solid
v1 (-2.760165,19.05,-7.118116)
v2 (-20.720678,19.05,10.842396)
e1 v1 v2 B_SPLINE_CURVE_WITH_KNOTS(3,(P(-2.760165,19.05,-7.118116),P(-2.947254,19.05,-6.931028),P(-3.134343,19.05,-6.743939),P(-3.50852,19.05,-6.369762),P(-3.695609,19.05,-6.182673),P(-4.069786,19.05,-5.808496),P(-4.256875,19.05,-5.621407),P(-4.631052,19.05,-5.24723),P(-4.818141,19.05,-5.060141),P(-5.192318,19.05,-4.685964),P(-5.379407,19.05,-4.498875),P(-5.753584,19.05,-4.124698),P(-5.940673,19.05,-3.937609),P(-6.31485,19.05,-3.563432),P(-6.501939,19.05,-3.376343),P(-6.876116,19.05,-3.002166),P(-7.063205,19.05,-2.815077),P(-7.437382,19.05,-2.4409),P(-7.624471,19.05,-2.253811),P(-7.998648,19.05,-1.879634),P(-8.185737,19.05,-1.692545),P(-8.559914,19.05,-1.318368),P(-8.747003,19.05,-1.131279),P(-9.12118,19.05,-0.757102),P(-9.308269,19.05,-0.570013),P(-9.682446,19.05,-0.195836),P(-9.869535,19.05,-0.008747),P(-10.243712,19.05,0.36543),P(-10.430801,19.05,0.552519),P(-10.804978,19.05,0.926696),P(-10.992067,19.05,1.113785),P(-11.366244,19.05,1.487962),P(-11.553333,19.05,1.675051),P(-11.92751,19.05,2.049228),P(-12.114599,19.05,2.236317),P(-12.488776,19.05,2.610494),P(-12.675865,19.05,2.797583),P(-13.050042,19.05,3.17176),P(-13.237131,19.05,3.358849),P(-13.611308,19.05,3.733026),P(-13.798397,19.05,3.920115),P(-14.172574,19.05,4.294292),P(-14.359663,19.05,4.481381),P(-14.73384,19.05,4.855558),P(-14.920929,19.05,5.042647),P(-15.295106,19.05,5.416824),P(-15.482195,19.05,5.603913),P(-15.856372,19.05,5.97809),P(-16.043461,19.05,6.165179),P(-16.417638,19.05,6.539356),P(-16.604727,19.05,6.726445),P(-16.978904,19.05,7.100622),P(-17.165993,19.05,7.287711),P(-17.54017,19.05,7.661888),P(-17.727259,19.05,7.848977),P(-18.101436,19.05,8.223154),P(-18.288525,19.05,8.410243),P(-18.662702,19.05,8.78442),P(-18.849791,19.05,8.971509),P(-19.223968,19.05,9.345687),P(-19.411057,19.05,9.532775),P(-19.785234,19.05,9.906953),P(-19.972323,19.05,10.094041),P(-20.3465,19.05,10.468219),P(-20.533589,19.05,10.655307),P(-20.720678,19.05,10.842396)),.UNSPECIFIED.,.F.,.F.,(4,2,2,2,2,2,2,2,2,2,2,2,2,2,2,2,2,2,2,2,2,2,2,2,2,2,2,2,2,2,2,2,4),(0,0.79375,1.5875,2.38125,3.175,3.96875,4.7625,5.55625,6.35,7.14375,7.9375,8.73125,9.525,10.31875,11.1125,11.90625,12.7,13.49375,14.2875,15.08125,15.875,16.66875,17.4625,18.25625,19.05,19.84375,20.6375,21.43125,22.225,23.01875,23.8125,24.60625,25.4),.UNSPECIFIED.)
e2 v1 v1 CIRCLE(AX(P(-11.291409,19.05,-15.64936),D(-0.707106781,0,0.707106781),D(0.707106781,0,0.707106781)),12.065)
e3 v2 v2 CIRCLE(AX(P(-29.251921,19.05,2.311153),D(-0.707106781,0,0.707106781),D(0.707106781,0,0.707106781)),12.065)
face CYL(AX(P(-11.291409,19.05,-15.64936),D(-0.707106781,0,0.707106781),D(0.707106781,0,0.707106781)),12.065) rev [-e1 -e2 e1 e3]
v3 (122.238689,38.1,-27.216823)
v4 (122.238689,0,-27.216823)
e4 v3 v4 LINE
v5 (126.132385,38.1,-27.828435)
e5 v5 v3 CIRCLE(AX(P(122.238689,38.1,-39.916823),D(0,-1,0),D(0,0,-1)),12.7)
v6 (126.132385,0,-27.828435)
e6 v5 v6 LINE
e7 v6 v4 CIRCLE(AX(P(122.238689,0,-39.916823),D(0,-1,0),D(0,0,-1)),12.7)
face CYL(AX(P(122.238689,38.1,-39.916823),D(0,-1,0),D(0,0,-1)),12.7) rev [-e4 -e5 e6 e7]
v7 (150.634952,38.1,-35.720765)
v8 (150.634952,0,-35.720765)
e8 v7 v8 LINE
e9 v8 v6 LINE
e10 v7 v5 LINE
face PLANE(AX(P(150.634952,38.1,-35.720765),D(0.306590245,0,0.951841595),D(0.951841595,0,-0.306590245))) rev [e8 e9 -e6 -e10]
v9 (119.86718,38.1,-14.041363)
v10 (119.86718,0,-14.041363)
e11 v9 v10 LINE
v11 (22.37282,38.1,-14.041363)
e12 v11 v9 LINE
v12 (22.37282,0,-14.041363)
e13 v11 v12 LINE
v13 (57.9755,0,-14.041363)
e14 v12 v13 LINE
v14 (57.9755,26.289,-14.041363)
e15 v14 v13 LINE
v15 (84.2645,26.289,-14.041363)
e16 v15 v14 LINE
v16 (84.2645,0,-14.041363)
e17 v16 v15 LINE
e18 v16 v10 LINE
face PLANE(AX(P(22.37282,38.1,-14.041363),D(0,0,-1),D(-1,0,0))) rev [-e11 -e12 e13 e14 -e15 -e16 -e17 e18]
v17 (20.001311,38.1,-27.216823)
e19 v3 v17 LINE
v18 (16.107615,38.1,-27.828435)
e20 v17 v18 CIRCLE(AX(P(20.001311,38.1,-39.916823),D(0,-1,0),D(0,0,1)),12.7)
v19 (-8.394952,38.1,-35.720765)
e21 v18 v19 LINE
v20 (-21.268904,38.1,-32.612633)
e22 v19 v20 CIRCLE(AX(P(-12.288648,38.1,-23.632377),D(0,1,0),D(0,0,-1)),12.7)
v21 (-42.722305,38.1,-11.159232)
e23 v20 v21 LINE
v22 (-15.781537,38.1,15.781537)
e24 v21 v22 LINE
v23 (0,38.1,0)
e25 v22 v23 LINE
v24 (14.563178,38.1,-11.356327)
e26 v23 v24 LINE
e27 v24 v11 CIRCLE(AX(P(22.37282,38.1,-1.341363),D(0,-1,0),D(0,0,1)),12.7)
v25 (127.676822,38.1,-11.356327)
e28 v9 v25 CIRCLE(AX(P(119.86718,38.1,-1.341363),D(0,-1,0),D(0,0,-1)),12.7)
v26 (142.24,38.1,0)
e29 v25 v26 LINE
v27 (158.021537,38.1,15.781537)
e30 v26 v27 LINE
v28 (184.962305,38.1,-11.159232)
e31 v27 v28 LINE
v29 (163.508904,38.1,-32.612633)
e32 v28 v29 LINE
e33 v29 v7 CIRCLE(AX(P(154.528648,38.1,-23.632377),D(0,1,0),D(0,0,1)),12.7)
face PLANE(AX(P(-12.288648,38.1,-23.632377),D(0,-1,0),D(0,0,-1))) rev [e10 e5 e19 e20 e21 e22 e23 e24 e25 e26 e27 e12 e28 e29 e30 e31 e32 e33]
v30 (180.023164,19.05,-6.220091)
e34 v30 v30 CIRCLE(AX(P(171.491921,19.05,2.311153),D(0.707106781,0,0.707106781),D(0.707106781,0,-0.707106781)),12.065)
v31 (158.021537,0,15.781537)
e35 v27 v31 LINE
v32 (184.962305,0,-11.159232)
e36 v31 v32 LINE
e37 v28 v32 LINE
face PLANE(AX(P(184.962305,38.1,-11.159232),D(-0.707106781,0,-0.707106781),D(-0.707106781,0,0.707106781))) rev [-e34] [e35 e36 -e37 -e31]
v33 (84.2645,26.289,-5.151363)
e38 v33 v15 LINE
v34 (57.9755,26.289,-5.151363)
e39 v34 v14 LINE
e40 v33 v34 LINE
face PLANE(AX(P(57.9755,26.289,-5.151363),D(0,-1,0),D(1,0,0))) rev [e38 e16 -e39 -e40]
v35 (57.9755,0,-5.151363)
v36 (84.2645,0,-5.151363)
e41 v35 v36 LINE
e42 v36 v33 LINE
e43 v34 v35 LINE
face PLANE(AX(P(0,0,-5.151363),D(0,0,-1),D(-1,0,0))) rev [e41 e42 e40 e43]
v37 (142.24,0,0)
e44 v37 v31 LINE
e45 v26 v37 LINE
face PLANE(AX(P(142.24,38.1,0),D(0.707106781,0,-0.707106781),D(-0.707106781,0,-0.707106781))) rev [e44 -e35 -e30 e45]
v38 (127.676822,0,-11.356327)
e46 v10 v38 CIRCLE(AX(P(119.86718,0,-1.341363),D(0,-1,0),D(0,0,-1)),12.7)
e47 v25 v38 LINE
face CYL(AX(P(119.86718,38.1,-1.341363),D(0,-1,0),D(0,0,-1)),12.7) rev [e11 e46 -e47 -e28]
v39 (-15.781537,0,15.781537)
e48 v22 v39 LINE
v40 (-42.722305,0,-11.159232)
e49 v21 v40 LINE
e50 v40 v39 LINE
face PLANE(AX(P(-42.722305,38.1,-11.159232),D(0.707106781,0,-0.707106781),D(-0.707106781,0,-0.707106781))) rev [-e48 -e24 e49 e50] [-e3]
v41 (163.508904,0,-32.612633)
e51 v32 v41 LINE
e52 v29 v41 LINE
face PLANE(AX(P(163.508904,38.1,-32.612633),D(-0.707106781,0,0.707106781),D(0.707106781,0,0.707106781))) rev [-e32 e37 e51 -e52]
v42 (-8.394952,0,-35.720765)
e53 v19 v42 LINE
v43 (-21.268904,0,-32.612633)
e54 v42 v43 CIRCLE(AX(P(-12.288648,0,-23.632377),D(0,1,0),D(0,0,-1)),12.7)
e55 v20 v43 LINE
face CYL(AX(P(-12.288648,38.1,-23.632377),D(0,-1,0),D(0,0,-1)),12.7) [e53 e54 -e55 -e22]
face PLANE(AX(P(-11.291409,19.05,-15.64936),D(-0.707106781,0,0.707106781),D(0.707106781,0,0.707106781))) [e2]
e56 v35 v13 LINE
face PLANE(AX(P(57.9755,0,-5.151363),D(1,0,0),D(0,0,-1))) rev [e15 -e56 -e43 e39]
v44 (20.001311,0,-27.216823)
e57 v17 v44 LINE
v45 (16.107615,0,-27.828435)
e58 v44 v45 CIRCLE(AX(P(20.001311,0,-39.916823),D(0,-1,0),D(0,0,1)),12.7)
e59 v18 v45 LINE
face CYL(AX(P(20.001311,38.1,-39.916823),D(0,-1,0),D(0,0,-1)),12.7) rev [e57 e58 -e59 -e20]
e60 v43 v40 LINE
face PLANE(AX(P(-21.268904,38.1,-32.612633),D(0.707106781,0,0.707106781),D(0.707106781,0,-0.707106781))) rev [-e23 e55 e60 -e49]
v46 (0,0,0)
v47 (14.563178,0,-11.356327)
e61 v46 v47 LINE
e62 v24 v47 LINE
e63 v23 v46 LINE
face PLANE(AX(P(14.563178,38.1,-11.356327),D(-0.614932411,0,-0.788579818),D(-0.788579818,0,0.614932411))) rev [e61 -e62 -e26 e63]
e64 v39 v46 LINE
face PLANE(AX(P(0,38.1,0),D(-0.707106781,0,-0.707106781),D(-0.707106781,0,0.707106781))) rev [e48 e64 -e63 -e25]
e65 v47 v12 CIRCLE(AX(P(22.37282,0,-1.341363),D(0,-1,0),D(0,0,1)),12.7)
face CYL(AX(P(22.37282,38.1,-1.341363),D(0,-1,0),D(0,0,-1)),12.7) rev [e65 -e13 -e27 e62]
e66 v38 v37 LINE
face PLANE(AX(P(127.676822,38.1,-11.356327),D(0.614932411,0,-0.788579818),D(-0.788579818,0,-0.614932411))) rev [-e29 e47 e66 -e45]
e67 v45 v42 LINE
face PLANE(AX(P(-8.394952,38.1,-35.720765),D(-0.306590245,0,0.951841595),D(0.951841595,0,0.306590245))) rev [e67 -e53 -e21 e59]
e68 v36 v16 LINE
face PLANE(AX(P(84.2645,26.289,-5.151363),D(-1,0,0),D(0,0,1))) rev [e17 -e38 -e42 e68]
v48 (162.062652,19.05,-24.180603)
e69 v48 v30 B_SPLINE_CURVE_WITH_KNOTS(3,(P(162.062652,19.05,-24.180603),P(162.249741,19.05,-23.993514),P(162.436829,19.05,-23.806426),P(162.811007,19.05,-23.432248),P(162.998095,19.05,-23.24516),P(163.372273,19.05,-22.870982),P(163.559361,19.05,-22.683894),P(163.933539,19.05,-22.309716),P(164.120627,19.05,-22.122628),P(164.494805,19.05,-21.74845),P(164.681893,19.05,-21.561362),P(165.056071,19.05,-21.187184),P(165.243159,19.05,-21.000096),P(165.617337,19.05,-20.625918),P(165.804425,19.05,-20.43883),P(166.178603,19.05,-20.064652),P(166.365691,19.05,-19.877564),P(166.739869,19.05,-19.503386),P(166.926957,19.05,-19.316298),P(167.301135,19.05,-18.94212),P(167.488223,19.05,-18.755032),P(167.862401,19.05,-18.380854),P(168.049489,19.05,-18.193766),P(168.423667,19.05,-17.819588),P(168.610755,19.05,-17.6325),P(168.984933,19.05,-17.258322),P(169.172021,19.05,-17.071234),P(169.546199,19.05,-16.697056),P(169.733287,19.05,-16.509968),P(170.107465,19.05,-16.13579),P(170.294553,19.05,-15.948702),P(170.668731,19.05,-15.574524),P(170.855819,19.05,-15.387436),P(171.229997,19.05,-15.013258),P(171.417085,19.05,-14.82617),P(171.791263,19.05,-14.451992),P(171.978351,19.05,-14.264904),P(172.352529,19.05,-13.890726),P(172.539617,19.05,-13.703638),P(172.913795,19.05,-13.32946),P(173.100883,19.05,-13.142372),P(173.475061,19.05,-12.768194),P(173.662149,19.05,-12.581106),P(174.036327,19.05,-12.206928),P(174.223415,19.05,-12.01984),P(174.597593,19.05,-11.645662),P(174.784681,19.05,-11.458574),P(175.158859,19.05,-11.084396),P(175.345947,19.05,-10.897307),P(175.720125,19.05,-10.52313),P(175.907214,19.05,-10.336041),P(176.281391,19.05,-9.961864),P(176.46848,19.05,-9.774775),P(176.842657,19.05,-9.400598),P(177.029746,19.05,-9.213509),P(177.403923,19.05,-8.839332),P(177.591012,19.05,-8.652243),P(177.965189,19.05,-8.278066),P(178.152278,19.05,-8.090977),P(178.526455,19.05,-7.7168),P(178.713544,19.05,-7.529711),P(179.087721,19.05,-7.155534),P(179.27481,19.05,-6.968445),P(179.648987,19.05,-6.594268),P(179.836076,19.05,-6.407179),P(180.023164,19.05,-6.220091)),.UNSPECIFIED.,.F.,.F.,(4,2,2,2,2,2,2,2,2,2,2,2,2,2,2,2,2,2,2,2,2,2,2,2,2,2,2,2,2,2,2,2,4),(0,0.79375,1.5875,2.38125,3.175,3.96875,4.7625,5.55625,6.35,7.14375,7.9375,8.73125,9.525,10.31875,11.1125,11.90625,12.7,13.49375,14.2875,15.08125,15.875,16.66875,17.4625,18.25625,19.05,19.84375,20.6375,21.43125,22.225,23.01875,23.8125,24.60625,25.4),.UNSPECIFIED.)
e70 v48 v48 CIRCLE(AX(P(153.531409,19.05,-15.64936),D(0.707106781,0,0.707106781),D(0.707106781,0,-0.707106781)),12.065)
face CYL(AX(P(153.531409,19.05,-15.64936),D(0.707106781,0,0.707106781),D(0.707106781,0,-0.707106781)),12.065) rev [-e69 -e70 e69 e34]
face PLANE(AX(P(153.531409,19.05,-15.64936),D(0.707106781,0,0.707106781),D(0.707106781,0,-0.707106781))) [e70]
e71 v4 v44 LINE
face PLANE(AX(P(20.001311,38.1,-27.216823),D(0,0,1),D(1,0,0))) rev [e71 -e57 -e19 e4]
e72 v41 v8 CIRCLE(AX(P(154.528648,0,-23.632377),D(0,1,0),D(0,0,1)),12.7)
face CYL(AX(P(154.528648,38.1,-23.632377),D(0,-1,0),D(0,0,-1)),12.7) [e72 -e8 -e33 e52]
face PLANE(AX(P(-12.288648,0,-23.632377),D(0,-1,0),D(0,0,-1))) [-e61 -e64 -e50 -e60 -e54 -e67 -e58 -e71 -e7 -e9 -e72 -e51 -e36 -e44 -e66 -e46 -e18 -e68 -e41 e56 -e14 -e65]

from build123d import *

# Parameters (mm, degrees)
BOSS_EXTRUDE1_DEPTH = 38.1
SKETCH2_R           = 12.065
CUT_EXTRUDE1_DEPTH  = 25.4
SKETCH7_R           = 12.065
CUT_EXTRUDE2_DEPTH  = 25.4
SKETCH8_W           = 26.289
SKETCH8_H           = 26.289
BOSS_EXTRUDE2_DEPTH = 8.89


with BuildPart() as part:
    # Sketch1 → Boss-Extrude1 (new body)
    with BuildSketch(Plane(origin=(0, 0, 0), x_dir=(1, 0, 0), z_dir=(0, 1, 0))):
        with BuildLine():
            Line((-8.394951703, 35.720764917), (16.107614613, 27.828435078))
            ThreePointArc((16.107614613, 27.828435078), (18.03059142, 27.370657964), (20.001310729, 27.216823331))
            Line((20.001310729, 27.216823331), (122.238689271, 27.216823331))
            ThreePointArc((122.238689271, 27.216823331), (124.20940858, 27.370657964), (126.132385387, 27.828435078))
            Line((126.132385387, 27.828435078), (150.634951703, 35.720764917))
            ThreePointArc((150.634951703, 35.720764917), (157.509150211, 35.977683688), (163.508903941, 32.612632786))
            Line((163.508903941, 32.612632786), (184.96230509, 11.159231637))
            Line((184.96230509, 11.159231637), (158.021536726, -15.781536726))
            Line((158.021536726, -15.781536726), (142.24, 0))
            Line((142.24, 0), (127.676821583, 11.356327171))
            ThreePointArc((127.676821583, 11.356327171), (123.996342172, 13.351360126), (119.867179962, 14.041363479))
            Line((119.867179962, 14.041363479), (22.372820038, 14.041363479))
            ThreePointArc((22.372820038, 14.041363479), (18.243657828, 13.351360126), (14.563178417, 11.356327171))
            Line((14.563178417, 11.356327171), (0, 0))
            Line((0, 0), (-15.781536726, -15.781536726))
            Line((-15.781536726, -15.781536726), (-42.72230509, 11.159231637))
            Line((-42.72230509, 11.159231637), (-21.268903941, 32.612632786))
            ThreePointArc((-21.268903941, 32.612632786), (-15.269150211, 35.977683688), (-8.394951703, 35.720764917))
        make_face()
    extrude(amount=BOSS_EXTRUDE1_DEPTH)

    # Sketch2 → Cut-Extrude1 (cut)
    with BuildSketch(Plane(origin=(-15.781536726, 0, 15.781536726), x_dir=(0.7071067811865477, 0, 0.7071067811865475), z_dir=(-0.7071067811865475, 0, 0.7071067811865477))):
        with Locations((-19.05, 19.05)):
            Circle(SKETCH2_R)
    extrude(amount=-CUT_EXTRUDE1_DEPTH, mode=Mode.SUBTRACT)

    # Sketch7 → Cut-Extrude2 (cut)
    with BuildSketch(Plane(origin=(86.901536726, 0, 86.901536726), x_dir=(0.7071067811865472, 0, -0.7071067811865478), z_dir=(0.7071067811865478, 0, 0.7071067811865472))):
        with Locations((119.628868556, 19.05)):
            Circle(SKETCH7_R)
    extrude(amount=-CUT_EXTRUDE2_DEPTH, mode=Mode.SUBTRACT)

    # Sketch8 → Boss-Extrude2 (add)
    with BuildSketch(Plane.XY.offset(-14.041363479)):
        with Locations((71.12, 13.1445)):
            Rectangle(SKETCH8_W, SKETCH8_H)
    extrude(amount=BOSS_EXTRUDE2_DEPTH)


solid = part.part
